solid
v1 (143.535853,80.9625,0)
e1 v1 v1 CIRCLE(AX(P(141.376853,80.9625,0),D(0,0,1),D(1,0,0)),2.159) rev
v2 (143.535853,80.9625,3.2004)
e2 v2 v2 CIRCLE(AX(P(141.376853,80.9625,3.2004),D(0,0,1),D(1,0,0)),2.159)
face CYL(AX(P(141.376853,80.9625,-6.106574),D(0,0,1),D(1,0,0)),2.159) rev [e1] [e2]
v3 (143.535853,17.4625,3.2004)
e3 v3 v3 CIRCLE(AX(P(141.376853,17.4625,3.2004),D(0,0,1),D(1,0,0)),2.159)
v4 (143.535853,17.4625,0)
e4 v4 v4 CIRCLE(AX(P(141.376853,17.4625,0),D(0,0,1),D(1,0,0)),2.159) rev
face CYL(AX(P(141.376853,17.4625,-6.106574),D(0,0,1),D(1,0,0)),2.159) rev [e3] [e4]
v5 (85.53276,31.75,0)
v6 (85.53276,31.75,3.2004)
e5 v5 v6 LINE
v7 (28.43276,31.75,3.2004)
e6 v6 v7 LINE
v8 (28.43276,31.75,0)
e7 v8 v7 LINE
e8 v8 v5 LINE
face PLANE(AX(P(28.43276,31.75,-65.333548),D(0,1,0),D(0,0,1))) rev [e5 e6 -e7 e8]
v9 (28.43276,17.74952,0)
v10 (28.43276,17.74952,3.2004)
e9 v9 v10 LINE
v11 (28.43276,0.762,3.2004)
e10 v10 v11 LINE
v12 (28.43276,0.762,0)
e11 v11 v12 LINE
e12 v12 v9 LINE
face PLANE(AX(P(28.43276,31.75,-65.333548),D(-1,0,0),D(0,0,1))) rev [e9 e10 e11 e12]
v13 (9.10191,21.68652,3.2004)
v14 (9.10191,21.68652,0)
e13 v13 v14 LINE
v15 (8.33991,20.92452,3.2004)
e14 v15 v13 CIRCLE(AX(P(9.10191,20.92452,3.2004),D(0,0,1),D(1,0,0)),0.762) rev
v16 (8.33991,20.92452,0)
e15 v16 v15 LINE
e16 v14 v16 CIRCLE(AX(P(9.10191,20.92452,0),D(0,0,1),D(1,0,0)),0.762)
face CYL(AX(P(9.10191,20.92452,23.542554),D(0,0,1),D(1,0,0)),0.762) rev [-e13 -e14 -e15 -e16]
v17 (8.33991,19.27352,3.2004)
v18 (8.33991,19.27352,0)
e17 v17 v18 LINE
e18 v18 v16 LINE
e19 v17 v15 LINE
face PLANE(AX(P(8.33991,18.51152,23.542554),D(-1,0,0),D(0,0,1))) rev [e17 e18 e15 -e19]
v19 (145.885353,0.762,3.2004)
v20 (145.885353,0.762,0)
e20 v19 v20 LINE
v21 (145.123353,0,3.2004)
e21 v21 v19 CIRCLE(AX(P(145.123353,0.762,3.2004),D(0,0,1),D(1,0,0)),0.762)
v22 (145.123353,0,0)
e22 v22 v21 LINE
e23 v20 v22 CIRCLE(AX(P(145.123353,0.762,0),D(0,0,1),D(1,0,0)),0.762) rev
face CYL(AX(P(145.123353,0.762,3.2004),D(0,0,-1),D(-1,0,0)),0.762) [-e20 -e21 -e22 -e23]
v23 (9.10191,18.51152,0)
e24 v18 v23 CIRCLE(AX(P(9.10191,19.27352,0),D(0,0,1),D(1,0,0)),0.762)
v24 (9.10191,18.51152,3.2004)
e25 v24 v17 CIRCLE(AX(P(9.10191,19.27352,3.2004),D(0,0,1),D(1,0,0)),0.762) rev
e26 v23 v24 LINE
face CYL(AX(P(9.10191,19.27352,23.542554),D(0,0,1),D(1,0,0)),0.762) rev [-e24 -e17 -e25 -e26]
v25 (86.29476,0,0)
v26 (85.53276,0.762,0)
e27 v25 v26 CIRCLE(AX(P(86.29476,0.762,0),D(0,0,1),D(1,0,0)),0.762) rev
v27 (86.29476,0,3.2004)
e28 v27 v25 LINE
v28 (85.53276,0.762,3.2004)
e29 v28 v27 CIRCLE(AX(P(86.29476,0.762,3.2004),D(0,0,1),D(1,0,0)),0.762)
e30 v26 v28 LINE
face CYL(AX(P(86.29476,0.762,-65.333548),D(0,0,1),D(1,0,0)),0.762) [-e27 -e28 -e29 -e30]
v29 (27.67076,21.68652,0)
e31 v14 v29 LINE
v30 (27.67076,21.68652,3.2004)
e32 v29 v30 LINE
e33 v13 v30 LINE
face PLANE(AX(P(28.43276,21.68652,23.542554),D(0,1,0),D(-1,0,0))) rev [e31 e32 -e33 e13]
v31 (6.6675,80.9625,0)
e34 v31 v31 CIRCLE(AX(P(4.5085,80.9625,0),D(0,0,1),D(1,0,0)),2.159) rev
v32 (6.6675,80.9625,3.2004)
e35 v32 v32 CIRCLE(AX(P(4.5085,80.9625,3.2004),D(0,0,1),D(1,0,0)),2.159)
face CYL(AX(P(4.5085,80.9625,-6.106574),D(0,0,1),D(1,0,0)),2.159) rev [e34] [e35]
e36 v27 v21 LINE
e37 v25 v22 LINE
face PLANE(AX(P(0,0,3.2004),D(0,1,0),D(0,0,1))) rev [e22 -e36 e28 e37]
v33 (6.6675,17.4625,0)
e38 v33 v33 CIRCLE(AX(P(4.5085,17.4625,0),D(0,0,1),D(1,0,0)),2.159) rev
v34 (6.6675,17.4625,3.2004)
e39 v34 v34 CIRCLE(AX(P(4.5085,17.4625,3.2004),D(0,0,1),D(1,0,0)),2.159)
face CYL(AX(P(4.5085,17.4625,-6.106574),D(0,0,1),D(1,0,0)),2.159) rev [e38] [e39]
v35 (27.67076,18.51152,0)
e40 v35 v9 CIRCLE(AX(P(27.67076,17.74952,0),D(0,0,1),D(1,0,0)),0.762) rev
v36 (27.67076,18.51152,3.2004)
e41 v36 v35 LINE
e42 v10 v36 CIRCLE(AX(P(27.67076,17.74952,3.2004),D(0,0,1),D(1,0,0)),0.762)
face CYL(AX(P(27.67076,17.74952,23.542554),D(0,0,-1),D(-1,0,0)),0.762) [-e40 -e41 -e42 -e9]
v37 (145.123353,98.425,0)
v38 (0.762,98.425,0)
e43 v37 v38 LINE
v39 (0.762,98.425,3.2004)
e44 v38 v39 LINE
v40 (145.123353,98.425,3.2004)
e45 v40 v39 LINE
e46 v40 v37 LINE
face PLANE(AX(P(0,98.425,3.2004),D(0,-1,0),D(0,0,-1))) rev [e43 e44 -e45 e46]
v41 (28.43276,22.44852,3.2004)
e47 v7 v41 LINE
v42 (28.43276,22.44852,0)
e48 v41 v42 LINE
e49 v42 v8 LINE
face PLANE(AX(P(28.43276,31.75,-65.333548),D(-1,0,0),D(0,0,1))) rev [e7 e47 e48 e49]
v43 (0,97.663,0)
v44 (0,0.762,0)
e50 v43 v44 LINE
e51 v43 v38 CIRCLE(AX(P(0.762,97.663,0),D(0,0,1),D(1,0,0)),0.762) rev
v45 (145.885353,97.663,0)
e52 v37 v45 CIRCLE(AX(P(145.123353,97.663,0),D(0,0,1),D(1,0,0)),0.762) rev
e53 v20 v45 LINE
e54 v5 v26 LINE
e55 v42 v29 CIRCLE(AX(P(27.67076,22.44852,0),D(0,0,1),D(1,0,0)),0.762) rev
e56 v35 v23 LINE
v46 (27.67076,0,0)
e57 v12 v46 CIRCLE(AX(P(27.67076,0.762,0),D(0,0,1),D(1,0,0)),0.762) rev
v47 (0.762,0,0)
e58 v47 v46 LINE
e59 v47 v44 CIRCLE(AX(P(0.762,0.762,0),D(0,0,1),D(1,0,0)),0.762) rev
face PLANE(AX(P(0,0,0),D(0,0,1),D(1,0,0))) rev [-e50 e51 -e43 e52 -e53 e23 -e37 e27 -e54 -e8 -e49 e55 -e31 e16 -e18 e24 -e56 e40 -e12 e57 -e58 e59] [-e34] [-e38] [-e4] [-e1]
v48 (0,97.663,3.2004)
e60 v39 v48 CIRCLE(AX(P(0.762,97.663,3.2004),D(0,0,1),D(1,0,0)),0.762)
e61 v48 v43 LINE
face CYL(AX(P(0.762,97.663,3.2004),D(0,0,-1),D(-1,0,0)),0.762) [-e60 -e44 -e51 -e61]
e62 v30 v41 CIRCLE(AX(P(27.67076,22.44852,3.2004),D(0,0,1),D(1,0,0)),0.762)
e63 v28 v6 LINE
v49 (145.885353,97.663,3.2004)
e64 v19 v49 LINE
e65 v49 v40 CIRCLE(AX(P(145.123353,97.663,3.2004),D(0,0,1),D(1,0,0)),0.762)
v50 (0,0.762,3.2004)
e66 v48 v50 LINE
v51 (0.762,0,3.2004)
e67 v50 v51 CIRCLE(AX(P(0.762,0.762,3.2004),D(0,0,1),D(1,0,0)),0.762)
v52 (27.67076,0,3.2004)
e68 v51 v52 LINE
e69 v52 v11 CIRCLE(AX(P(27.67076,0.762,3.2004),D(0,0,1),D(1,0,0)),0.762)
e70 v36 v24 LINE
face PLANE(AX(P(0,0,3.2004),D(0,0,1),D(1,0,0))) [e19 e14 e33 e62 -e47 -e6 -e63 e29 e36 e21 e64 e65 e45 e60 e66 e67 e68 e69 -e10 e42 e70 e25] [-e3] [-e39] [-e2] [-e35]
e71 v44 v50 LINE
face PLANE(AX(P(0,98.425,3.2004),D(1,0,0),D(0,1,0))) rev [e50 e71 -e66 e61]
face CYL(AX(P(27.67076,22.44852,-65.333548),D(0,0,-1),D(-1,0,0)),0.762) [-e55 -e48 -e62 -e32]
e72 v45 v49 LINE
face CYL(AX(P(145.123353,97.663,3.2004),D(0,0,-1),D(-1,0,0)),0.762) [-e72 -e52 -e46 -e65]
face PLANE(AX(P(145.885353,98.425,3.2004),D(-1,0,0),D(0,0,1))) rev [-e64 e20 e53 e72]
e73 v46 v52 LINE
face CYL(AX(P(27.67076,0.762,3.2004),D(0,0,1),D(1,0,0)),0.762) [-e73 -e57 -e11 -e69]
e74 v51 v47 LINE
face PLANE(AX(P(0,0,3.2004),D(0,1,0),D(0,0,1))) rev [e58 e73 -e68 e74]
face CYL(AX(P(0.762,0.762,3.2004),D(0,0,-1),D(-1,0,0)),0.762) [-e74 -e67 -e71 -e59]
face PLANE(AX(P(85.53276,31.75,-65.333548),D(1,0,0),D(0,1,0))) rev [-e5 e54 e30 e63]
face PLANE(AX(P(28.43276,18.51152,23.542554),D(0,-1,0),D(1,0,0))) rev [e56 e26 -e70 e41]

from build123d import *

# Parameters (mm, degrees)
SKETCH1_W           = 145.885353282
SKETCH1_H           = 98.425
BOSS_EXTRUDE1_DEPTH = 3.2004
SKETCH4_W           = 57.100000132
SKETCH4_H           = 31.75
CUT_EXTRUDE1_DEPTH  = 3.2004
SKETCH5_R           = 2.159
CUT_EXTRUDE2_DEPTH  = 3.2004
SKETCH7_W           = 20.092850022
SKETCH7_H           = 3.175
CUT_EXTRUDE4_DEPTH  = 3.2004
FILLET1_R           = 0.762


with BuildPart() as part:
    # Sketch1 → Boss-Extrude1 (new body)
    with BuildSketch(Plane.XY):
        with Locations((72.942676641, 49.2125)):
            Rectangle(SKETCH1_W, SKETCH1_H)
    extrude(amount=BOSS_EXTRUDE1_DEPTH)

    # Sketch4 → Cut-Extrude1 (cut)
    with BuildSketch(Plane.XY.offset(3.2004)):
        with Locations((56.982760066, 15.875)):
            Rectangle(SKETCH4_W, SKETCH4_H)
    extrude(amount=-CUT_EXTRUDE1_DEPTH, mode=Mode.SUBTRACT)

    # Sketch5 → Cut-Extrude2 (cut)
    with BuildSketch(Plane.XY.offset(3.2004)):
        with Locations((141.376853282, 80.9625)):
            Circle(SKETCH5_R)
        with Locations((141.376853282, 17.4625)):
            Circle(SKETCH5_R)
        with Locations((4.5085, 17.4625)):
            Circle(SKETCH5_R)
        with Locations((4.5085, 80.9625)):
            Circle(SKETCH5_R)
    extrude(amount=-CUT_EXTRUDE2_DEPTH, mode=Mode.SUBTRACT)

    # Sketch7 → Cut-Extrude4 (cut)
    with BuildSketch(Plane(origin=(0, 0, 0), x_dir=(-1, 0, 0), z_dir=(0, 0, -1))):
        with Locations((-18.386334989, 20.09902)):
            Rectangle(SKETCH7_W, SKETCH7_H)
    extrude(amount=-CUT_EXTRUDE4_DEPTH, mode=Mode.SUBTRACT)

    # Fillet1
    fillet1_edges = [part.edges().sort_by_distance(p)[0] for p in [
        (28.43276, 0, 1.6002),
        (85.532760132, 0, 1.6002),
        (8.339909978, 18.51152, 1.6002),
        (8.339909978, 21.68652, 1.6002),
        (28.43276, 21.68652, 1.6002),
        (28.43276, 18.51152, 1.6002),
        (0, 98.425, 1.6002),
        (145.885353282, 98.425, 1.6002),
        (145.885353282, 0, 1.6002),
        (0, 0, 1.6002),
    ]]
    fillet(fillet1_edges, radius=FILLET1_R)


solid = part.part
